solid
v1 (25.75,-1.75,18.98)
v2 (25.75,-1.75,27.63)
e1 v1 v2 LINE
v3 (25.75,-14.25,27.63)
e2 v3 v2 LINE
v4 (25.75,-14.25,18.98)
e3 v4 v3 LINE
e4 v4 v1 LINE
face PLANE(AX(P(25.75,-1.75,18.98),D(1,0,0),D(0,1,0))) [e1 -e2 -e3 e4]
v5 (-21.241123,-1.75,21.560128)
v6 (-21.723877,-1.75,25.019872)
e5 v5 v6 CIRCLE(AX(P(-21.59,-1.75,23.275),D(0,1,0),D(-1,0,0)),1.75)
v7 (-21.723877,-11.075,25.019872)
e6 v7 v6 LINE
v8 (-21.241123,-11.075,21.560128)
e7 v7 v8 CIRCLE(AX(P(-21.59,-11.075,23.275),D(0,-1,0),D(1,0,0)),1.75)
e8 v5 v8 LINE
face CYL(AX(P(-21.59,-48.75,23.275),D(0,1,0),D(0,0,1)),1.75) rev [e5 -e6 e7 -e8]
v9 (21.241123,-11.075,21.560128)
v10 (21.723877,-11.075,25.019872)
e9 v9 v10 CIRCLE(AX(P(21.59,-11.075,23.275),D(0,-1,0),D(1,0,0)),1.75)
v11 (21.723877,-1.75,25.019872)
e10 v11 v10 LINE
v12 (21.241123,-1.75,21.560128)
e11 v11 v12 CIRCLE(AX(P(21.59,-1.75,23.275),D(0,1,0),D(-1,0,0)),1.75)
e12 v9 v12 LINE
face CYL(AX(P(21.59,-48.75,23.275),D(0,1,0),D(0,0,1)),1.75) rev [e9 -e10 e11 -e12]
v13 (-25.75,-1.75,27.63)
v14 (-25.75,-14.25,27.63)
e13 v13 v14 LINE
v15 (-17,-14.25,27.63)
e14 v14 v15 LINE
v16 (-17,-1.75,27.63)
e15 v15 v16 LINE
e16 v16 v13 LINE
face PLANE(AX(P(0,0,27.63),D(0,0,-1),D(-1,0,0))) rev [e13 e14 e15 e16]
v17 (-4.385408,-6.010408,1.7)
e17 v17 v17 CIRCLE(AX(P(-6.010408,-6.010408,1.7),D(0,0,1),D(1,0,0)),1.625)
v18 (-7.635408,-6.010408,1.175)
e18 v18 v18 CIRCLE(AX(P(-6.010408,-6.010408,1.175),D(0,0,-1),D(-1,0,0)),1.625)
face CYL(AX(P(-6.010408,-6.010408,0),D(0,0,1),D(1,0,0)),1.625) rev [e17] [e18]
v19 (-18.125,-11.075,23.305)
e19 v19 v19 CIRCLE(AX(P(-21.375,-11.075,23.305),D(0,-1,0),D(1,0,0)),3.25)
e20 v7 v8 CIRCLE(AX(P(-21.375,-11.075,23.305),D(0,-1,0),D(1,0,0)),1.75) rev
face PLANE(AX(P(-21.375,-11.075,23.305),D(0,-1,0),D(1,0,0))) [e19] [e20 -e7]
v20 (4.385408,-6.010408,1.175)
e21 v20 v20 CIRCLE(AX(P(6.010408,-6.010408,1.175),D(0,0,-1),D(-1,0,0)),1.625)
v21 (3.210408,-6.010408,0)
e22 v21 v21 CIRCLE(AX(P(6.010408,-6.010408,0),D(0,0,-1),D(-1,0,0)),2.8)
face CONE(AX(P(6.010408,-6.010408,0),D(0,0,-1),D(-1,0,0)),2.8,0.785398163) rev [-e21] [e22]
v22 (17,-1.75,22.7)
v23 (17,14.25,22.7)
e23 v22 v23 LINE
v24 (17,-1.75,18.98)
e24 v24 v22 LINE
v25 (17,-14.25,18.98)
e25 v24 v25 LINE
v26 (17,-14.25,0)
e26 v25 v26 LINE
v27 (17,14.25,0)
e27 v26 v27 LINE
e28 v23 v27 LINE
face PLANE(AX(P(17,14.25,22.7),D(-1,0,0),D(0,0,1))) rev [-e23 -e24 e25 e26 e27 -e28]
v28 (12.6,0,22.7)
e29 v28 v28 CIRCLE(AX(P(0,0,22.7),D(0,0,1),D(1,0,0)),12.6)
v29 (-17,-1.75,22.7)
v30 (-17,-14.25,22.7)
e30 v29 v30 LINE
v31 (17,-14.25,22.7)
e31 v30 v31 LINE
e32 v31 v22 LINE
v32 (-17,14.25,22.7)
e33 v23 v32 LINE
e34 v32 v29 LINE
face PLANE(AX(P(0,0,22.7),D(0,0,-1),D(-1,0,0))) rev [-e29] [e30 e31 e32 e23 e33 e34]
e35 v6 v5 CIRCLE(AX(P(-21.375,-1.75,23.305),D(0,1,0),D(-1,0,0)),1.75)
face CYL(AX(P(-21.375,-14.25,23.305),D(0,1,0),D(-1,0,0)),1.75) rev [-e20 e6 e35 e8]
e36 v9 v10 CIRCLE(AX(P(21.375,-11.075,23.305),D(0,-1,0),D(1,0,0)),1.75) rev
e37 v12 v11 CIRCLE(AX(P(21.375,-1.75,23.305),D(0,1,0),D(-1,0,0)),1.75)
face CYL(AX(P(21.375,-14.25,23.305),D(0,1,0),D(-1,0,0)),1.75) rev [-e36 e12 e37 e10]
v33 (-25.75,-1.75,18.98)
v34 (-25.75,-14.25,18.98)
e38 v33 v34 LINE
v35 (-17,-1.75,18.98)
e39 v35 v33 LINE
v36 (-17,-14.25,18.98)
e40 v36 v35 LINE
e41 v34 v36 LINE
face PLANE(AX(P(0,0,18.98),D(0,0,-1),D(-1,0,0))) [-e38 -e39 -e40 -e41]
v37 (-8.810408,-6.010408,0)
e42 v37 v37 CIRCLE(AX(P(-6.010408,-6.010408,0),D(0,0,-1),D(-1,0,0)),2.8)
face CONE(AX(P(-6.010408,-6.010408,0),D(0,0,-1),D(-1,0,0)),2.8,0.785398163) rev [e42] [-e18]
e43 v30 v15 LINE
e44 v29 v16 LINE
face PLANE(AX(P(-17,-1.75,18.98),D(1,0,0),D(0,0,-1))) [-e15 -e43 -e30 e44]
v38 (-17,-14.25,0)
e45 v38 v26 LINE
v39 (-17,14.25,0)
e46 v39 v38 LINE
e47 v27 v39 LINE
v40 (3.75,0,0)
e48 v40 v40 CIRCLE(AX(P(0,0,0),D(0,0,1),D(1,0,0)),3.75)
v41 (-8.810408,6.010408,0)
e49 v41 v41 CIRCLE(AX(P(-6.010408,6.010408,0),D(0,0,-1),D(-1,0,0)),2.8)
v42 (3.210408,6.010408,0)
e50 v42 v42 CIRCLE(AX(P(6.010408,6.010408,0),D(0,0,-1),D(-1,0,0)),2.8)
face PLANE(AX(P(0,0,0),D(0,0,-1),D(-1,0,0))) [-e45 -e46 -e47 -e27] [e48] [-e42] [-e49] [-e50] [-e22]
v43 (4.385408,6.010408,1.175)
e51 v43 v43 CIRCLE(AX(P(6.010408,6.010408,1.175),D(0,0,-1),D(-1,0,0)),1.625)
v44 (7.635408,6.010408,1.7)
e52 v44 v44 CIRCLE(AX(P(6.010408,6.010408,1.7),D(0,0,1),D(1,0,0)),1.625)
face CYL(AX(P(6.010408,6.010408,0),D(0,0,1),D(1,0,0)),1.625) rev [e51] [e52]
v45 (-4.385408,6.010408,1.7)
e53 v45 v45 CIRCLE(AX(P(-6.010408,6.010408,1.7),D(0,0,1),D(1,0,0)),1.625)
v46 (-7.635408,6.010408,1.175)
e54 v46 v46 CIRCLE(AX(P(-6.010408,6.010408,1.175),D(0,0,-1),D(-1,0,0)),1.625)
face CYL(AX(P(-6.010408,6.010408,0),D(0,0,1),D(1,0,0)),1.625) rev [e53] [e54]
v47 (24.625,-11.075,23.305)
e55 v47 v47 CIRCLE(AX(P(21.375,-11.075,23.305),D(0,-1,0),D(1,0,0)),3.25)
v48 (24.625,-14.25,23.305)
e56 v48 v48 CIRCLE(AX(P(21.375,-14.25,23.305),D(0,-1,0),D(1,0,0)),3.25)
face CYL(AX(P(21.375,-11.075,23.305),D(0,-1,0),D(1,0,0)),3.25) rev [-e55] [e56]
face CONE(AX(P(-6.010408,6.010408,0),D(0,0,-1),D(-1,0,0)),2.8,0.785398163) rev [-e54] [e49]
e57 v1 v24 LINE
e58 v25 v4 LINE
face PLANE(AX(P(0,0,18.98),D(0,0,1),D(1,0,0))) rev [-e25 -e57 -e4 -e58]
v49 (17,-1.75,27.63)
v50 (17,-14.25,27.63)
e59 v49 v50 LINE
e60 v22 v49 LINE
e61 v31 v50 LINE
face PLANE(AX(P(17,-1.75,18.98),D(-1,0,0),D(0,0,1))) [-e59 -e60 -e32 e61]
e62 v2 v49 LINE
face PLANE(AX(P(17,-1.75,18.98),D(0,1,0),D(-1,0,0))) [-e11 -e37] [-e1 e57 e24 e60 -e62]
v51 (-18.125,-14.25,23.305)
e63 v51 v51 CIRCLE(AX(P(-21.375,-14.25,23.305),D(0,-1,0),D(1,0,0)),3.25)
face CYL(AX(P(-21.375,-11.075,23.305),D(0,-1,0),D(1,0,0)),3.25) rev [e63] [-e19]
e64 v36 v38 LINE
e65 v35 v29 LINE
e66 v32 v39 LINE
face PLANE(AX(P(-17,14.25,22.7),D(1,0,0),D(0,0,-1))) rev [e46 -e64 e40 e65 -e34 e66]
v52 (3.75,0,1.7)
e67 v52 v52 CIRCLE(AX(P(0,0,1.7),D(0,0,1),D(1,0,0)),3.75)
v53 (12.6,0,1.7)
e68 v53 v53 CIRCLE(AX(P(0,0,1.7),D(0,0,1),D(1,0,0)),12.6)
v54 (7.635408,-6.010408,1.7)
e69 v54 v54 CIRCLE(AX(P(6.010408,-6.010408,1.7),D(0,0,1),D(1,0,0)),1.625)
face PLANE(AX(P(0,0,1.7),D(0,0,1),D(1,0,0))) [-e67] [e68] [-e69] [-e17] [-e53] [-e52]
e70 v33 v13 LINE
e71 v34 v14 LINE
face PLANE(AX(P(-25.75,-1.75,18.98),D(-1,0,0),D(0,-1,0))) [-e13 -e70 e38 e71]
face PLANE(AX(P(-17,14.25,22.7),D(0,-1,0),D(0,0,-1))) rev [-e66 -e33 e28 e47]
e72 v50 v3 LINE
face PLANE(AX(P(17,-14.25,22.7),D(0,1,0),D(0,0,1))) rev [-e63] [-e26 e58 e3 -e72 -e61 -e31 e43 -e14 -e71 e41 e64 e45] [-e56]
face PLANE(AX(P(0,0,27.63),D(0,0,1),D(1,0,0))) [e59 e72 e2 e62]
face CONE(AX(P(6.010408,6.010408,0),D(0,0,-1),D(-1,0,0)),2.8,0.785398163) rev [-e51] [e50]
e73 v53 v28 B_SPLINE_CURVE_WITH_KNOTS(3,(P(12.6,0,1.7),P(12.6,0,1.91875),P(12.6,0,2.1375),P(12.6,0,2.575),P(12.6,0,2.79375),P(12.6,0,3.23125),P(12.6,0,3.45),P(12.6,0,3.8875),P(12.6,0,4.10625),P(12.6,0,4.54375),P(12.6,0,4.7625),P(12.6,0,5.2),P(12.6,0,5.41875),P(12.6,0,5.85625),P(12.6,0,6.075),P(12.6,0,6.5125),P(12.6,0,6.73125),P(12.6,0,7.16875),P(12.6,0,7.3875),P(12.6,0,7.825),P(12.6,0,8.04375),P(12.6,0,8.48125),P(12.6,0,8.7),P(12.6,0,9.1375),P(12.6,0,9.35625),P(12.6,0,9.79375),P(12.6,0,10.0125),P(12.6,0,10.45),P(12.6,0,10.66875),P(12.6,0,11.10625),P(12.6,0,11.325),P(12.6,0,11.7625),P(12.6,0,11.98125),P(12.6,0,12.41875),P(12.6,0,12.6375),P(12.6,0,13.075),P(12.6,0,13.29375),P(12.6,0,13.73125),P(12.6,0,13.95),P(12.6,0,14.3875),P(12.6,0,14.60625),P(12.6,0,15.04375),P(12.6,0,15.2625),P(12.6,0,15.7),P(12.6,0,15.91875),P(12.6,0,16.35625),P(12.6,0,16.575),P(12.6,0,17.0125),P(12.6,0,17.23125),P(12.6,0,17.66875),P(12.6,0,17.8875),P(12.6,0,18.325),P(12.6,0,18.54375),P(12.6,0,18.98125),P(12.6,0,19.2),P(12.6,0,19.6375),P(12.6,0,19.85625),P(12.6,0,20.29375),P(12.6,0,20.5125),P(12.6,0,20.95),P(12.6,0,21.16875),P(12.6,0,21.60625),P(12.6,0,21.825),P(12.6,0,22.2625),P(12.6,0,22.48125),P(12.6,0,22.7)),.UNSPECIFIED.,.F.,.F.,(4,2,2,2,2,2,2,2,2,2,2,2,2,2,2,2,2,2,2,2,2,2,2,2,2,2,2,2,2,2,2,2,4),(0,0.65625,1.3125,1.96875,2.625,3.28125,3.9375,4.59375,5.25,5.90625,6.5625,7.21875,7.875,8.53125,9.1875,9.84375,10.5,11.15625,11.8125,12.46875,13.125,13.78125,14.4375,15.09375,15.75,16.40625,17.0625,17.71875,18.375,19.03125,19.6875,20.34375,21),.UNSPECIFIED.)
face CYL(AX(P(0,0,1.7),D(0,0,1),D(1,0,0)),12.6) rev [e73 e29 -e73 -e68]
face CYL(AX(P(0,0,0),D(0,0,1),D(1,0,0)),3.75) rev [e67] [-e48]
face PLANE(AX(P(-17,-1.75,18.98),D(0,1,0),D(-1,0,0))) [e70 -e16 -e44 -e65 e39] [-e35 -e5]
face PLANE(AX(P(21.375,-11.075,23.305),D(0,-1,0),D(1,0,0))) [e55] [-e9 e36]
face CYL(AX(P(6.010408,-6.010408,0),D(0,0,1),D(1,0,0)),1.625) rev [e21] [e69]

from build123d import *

# Parameters (mm, degrees)
SKETCH1_W                = 34
SKETCH1_H                = 28.5
BOSS_EXTRUDE1_DEPTH      = 22.7
SKETCH3_R                = 12.6
CUT_EXTRUDE1_DEPTH       = 21
SKETCH5_R                = 1.625
SKETCH5_R_2              = 3.75
CUT_EXTRUDE2_DEPTH       = 31.546071761
BOSS_EXTRUDE2_DEPTH      = 4.93
BOSS_EXTRUDE2_DEPTH_BACK = 3.72
SKETCH7_W                = 8.75
SKETCH7_H                = 12.5
SKETCH8_R                = 1.75
CUT_EXTRUDE3_DEPTH       = 42.018037496
SKETCH9_R                = 3.25
CUT_EXTRUDE4_DEPTH       = 3.175
SKETCH14_R               = 1.75
CUT_EXTRUDE8_DEPTH       = 50


with BuildPart() as part:
    # Sketch1 → Boss-Extrude1 (new body)
    with BuildSketch(Plane.XY):
        Rectangle(SKETCH1_W, SKETCH1_H)
    extrude(amount=BOSS_EXTRUDE1_DEPTH)

    # Sketch3 → Cut-Extrude1 (cut)
    with BuildSketch(Plane.XY.offset(22.7)):
        Circle(SKETCH3_R)
    extrude(amount=-CUT_EXTRUDE1_DEPTH, mode=Mode.SUBTRACT)

    # Sketch5 → Cut-Extrude2 (cut, through all)
    with BuildSketch(Plane.XY.offset(1.7)):
        with Locations((6.01040764, 6.01040764)):
            Circle(SKETCH5_R)
        with Locations((-6.01040764, 6.01040764)):
            Circle(SKETCH5_R)
        with Locations((6.01040764, -6.01040764)):
            Circle(SKETCH5_R)
        with Locations((-6.01040764, -6.01040764)):
            Circle(SKETCH5_R)
        Circle(SKETCH5_R_2)
    extrude(amount=-CUT_EXTRUDE2_DEPTH, mode=Mode.SUBTRACT)

    # Sketch7 → Boss-Extrude2 (add, two sides: drawn at the far end of the back side and taken through both)
    with BuildSketch(Plane.XY.offset(22.7).offset(-BOSS_EXTRUDE2_DEPTH_BACK)):
        with Locations((-21.375, -8)):
            Rectangle(SKETCH7_W, SKETCH7_H)
        with Locations((21.375, -8)):
            Rectangle(SKETCH7_W, SKETCH7_H)
    extrude(amount=BOSS_EXTRUDE2_DEPTH + BOSS_EXTRUDE2_DEPTH_BACK)

    # Sketch8 → Cut-Extrude3 (cut, through all)
    with BuildSketch(Plane(origin=(0, -1.75, 0), x_dir=(1, 0, 0), z_dir=(0, 1, 0))):
        with Locations(Location((21.375, -23.305, 0), (0, 0, 180))):
            Circle(SKETCH8_R)
        with Locations(Location((-21.375, -23.305, 0), (0, 0, 180))):
            Circle(SKETCH8_R)
    extrude(amount=-CUT_EXTRUDE3_DEPTH, mode=Mode.SUBTRACT)

    # Sketch9 → Cut-Extrude4 (cut)
    with BuildSketch(Plane.XZ.offset(14.25)):
        with Locations((-21.375, 23.305)):
            Circle(SKETCH9_R)
        with Locations((21.375, 23.305)):
            Circle(SKETCH9_R)
    extrude(amount=-CUT_EXTRUDE4_DEPTH, mode=Mode.SUBTRACT)

    # Cut-Extrude5 cone 1 section (through the dimple's axis) → Cut-Extrude5 (revolve, cut)
    with BuildSketch(Plane(origin=(-6.01040764, 6.01040764, 0), x_dir=(0, 1, 0), z_dir=(1, 0, 0))):
        Polygon((0, 0), (2.8, 0), (0, 2.8), align=None)
    revolve(axis=Axis((-6.01040764, 6.01040764, 0), (0, 0, 1)), mode=Mode.SUBTRACT)

    # Cut-Extrude5 cone 2 section (through the dimple's axis) → Cut-Extrude5 cone 2 (revolve, cut)
    with BuildSketch(Plane(origin=(-6.01040764, -6.01040764, 0), x_dir=(0, 1, 0), z_dir=(1, 0, 0))):
        Polygon((0, 0), (2.8, 0), (0, 2.8), align=None)
    revolve(axis=Axis((-6.01040764, -6.01040764, 0), (0, 0, 1)), mode=Mode.SUBTRACT)

    # Cut-Extrude5 cone 3 section (through the dimple's axis) → Cut-Extrude5 cone 3 (revolve, cut)
    with BuildSketch(Plane(origin=(6.01040764, -6.01040764, 0), x_dir=(0, 1, 0), z_dir=(1, 0, 0))):
        Polygon((0, 0), (2.8, 0), (0, 2.8), align=None)
    revolve(axis=Axis((6.01040764, -6.01040764, 0), (0, 0, 1)), mode=Mode.SUBTRACT)

    # Cut-Extrude5 cone 4 section (through the dimple's axis) → Cut-Extrude5 cone 4 (revolve, cut)
    with BuildSketch(Plane(origin=(6.01040764, 6.01040764, 0), x_dir=(0, 1, 0), z_dir=(1, 0, 0))):
        Polygon((0, 0), (2.8, 0), (0, 2.8), align=None)
    revolve(axis=Axis((6.01040764, 6.01040764, 0), (0, 0, 1)), mode=Mode.SUBTRACT)

    # Sketch14 → Cut-Extrude8 (cut)
    with BuildSketch(Plane(origin=(132.323959999, 1.25, 25.756345109), x_dir=(1, 0, 0), z_dir=(0, 1, 0))):
        with Locations((-110.733959999, 2.481345109)):
            Circle(SKETCH14_R)
        with Locations((-153.913959999, 2.481345109)):
            Circle(SKETCH14_R)
    extrude(amount=-CUT_EXTRUDE8_DEPTH, mode=Mode.SUBTRACT)


solid = part.part
